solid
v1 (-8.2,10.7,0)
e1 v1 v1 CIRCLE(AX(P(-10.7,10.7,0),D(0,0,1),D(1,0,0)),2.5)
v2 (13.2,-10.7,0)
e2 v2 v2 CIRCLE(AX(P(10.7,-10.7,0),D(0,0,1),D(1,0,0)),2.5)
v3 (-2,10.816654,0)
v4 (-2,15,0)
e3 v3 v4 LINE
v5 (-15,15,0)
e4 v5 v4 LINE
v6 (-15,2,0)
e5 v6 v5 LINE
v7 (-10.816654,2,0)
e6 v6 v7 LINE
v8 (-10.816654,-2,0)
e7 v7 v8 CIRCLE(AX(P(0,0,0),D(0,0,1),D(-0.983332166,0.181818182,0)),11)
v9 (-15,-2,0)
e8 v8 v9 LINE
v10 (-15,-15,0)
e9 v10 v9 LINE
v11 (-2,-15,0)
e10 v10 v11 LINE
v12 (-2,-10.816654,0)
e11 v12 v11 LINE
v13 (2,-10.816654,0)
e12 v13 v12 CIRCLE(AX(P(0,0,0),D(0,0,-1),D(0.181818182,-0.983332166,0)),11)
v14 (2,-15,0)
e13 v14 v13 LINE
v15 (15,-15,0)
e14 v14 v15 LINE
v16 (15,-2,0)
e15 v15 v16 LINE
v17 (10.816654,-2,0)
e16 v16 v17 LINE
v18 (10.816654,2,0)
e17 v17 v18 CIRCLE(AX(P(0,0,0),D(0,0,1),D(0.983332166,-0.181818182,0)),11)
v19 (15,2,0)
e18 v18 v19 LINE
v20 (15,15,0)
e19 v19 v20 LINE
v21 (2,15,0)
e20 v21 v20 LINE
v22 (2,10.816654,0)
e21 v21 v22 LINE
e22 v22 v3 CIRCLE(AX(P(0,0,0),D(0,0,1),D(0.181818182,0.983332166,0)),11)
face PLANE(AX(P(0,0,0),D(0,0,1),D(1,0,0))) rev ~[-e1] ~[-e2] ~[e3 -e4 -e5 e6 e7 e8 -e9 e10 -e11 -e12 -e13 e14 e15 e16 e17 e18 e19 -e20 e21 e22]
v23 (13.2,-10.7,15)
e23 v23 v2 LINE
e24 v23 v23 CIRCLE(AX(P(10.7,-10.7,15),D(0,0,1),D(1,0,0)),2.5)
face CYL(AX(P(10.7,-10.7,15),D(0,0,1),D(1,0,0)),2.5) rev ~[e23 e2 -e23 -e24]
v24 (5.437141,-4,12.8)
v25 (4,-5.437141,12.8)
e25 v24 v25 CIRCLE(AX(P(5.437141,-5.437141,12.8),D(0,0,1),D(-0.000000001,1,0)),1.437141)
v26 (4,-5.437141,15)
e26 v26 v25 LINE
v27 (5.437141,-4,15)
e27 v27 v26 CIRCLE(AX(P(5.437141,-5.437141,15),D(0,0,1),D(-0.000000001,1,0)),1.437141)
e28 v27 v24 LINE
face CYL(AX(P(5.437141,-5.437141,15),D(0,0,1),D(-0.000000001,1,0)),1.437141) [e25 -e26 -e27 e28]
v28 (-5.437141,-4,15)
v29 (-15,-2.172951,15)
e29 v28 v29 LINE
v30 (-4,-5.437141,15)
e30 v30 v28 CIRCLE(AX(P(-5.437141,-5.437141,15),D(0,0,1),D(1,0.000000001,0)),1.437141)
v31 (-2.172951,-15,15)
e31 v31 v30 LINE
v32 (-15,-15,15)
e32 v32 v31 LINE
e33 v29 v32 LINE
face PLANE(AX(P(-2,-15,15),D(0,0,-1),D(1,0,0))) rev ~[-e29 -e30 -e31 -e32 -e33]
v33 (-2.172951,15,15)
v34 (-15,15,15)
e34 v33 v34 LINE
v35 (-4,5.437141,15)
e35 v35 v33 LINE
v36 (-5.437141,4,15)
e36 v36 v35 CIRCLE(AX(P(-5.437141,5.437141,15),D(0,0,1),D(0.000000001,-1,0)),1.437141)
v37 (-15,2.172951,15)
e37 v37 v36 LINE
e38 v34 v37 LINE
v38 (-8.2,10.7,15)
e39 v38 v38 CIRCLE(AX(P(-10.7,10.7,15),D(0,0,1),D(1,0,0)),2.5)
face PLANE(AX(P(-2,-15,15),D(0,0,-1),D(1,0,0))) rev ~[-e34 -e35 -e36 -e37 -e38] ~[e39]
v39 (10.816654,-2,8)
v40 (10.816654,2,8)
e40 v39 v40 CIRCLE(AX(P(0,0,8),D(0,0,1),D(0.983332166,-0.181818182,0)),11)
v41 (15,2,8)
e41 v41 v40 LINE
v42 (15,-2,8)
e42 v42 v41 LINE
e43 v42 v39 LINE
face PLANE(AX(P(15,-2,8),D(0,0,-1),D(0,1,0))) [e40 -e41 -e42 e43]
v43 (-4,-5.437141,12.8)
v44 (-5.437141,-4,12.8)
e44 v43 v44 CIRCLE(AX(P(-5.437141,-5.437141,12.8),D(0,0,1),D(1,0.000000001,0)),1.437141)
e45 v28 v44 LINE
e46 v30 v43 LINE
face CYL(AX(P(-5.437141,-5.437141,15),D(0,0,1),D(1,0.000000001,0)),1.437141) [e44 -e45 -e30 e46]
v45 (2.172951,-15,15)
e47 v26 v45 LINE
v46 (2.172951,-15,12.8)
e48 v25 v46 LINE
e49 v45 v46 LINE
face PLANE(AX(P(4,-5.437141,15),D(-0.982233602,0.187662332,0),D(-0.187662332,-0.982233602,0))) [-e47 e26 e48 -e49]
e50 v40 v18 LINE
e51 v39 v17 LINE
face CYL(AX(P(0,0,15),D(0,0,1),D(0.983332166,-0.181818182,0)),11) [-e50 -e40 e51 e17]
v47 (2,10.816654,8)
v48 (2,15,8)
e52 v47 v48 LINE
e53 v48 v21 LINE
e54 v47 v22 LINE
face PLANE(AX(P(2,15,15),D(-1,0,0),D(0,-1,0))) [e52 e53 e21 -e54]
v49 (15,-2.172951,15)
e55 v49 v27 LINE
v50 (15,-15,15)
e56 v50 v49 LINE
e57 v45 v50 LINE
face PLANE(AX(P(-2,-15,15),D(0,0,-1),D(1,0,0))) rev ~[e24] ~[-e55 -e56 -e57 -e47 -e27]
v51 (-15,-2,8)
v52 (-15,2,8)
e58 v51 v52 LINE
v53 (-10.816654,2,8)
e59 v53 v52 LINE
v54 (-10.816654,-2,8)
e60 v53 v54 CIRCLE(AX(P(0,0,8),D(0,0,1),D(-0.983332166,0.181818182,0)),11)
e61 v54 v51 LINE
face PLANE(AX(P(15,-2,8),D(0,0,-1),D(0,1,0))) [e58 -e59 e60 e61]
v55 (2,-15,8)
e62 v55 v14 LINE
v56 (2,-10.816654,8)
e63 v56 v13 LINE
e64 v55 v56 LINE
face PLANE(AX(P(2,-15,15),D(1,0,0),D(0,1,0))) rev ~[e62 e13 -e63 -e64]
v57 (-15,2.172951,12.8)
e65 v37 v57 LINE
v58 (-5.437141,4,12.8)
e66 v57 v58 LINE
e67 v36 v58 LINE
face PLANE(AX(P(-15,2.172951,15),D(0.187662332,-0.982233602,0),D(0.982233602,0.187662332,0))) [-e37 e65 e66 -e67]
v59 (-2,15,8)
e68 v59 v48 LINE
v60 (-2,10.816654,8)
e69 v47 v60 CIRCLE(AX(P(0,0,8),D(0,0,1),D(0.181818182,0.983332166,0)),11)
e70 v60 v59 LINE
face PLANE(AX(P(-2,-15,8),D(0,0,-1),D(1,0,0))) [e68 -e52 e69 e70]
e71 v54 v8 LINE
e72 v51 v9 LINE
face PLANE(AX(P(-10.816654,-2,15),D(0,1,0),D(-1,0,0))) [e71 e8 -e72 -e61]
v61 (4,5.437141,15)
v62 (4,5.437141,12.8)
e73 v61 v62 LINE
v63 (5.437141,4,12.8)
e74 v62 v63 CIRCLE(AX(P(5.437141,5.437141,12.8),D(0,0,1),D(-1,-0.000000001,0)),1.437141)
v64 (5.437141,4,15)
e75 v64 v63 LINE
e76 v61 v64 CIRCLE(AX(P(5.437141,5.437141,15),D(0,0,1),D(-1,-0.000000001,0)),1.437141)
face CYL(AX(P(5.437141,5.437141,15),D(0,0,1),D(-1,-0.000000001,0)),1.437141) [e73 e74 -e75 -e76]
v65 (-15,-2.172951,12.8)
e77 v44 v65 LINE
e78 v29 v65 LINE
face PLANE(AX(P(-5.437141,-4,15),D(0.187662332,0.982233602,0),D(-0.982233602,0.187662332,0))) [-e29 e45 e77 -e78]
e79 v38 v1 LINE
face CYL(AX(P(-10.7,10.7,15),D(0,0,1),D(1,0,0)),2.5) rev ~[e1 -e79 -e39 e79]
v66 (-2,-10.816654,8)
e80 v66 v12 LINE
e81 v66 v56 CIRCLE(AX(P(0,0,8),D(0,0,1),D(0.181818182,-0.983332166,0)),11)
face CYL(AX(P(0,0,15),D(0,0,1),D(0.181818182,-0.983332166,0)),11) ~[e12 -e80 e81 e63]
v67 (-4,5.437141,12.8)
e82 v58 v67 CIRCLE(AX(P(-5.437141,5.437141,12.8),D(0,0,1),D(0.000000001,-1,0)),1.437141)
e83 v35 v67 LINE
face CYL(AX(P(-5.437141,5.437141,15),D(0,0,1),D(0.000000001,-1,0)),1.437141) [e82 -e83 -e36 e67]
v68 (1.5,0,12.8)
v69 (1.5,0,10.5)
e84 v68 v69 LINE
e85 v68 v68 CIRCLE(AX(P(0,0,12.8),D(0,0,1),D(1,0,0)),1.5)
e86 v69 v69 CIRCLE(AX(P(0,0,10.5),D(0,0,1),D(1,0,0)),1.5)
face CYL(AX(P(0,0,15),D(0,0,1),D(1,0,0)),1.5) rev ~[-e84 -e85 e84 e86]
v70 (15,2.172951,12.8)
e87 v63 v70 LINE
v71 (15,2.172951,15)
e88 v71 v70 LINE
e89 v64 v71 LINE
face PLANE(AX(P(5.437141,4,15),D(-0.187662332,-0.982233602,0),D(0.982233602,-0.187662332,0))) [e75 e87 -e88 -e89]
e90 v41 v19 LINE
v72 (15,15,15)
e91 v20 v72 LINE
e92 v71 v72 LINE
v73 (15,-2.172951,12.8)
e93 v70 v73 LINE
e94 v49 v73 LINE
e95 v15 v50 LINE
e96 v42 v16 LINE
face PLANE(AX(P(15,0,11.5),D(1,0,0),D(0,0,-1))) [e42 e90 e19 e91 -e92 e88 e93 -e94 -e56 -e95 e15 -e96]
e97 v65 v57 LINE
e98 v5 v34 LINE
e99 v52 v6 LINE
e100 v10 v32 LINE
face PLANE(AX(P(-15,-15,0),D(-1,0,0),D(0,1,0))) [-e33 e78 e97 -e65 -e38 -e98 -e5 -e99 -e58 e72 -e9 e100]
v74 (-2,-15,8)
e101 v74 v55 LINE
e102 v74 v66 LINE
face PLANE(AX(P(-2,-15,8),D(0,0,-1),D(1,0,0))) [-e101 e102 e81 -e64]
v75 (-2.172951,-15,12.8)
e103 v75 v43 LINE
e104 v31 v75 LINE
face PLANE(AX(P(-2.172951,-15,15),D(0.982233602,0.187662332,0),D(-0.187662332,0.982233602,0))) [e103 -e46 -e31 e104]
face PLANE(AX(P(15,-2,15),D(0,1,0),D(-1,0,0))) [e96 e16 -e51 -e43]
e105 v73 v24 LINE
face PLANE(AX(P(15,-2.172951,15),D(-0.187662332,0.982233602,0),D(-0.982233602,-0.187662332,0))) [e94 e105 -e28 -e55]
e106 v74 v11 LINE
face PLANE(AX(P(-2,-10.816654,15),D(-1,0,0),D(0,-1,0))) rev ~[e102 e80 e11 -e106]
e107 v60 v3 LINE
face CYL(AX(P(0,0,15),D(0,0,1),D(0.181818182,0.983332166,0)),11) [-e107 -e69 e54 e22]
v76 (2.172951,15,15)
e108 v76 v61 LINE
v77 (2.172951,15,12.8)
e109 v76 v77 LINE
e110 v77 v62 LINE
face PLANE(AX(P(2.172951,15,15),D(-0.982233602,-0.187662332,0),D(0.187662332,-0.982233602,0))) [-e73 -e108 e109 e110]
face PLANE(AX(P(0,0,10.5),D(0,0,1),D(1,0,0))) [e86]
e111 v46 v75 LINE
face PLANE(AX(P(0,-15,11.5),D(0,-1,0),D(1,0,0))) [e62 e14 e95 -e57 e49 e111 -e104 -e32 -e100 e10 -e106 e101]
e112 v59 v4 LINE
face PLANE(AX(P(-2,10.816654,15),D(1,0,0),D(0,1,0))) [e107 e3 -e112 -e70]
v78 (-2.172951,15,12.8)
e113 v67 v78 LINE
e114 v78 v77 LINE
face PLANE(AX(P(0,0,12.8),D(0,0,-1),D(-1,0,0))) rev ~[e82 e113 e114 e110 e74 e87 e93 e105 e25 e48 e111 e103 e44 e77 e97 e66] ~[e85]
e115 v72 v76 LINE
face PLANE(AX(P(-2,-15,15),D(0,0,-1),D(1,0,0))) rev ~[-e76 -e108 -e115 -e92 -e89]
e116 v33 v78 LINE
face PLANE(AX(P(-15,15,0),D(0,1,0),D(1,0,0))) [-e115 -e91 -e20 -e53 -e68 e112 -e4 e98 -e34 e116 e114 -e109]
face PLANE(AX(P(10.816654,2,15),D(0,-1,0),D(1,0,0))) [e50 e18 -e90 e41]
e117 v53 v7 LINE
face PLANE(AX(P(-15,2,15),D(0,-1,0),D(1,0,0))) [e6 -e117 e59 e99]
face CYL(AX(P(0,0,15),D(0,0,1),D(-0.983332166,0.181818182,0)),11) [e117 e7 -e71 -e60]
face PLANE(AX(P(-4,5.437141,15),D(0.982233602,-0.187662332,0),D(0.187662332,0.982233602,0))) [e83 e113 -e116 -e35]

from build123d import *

# Parameters (mm, degrees)
SKETCH1_W           = 30
SKETCH1_H           = 30
BOSS_EXTRUDE1_DEPTH = 15
CUT_EXTRUDE1_DEPTH  = 15
SKETCH3_R           = 2.5
CUT_EXTRUDE2_DEPTH  = 15
SKETCH4_W           = 7
SKETCH4_H           = 4
BOSS_EXTRUDE2_DEPTH = 30
SKETCH5_W           = 4
SKETCH5_H           = 7
BOSS_EXTRUDE3_DEPTH = 30
CUT_EXTRUDE3_DEPTH  = 2.2
SKETCH7_R           = 1.5
CUT_EXTRUDE4_DEPTH  = 4.5


with BuildPart() as part:
    # Sketch1 → Boss-Extrude1 (new body)
    with BuildSketch(Plane.XY):
        Rectangle(SKETCH1_W, SKETCH1_H)
    extrude(amount=BOSS_EXTRUDE1_DEPTH)

    # Sketch2 → Cut-Extrude1 (cut)
    with BuildSketch(Plane.XY.offset(15)):
        with BuildLine():
            Line((-2, 15), (2, 15))
            Line((2, 15), (2, 10.816653826))
            ThreePointArc((2, 10.816653826), (0, 11), (-2, 10.816653826))
            Line((-2, 10.816653826), (-2, 15))
        make_face()
        with BuildLine():
            Line((15, 2), (15, -2))
            Line((15, -2), (10.816653826, -2))
            ThreePointArc((10.816653826, -2), (11, 0), (10.816653826, 2))
            Line((10.816653826, 2), (15, 2))
        make_face()
        with BuildLine():
            Line((-2, -15), (2, -15))
            Line((2, -15), (2, -10.816653826))
            ThreePointArc((2, -10.816653826), (0, -11), (-2, -10.816653826))
            Line((-2, -10.816653826), (-2, -15))
        make_face()
        with BuildLine():
            Line((-15, -2), (-15, 2))
            Line((-15, 2), (-10.816653826, 2))
            ThreePointArc((-10.816653826, 2), (-11, 0), (-10.816653826, -2))
            Line((-10.816653826, -2), (-15, -2))
        make_face()
    extrude(amount=-CUT_EXTRUDE1_DEPTH, mode=Mode.SUBTRACT)

    # Sketch3 → Cut-Extrude2 (cut)
    with BuildSketch(Plane.XY.offset(15)):
        with Locations((-10.7, 10.7)):
            Circle(SKETCH3_R)
        with Locations((10.7, -10.7)):
            Circle(SKETCH3_R)
    extrude(amount=-CUT_EXTRUDE2_DEPTH, mode=Mode.SUBTRACT)

    # Sketch4 → Boss-Extrude2 (add)
    with BuildSketch(Plane(origin=(15, 0, 0), x_dir=(0, 0, -1), z_dir=(1, 0, 0))):
        with Locations((-11.5, 0)):
            Rectangle(SKETCH4_W, SKETCH4_H)
    extrude(amount=-BOSS_EXTRUDE2_DEPTH)

    # Sketch5 → Boss-Extrude3 (add)
    with BuildSketch(Plane.XZ.offset(15)):
        with Locations((0, 11.5)):
            Rectangle(SKETCH5_W, SKETCH5_H)
    extrude(amount=-BOSS_EXTRUDE3_DEPTH)

    # Sketch6 → Cut-Extrude3 (cut)
    with BuildSketch(Plane.XY.offset(15)):
        with BuildLine():
            Line((-4, 5.437140793), (-2.172951473, 15))
            Line((-2.172951473, 15), (2.172951473, 15))
            Line((2.172951473, 15), (4, 5.437140793))
            ThreePointArc((4, 5.437140793), (4.420928793, 4.420928793), (5.437140793, 4))
            Line((5.437140793, 4), (15, 2.172951473))
            Line((15, 2.172951473), (15, -2.172951473))
            Line((15, -2.172951473), (5.437140793, -4))
            ThreePointArc((5.437140793, -4), (4.420928793, -4.420928793), (4, -5.437140793))
            Line((4, -5.437140793), (2.172951473, -15))
            Line((2.172951473, -15), (-2.172951473, -15))
            Line((-2.172951473, -15), (-4, -5.437140793))
            ThreePointArc((-4, -5.437140793), (-4.420928793, -4.420928793), (-5.437140793, -4))
            Line((-5.437140793, -4), (-15, -2.172951473))
            Line((-15, -2.172951473), (-15, 2.172951473))
            Line((-15, 2.172951473), (-5.437140793, 4))
            ThreePointArc((-5.437140793, 4), (-4.420928793, 4.420928793), (-4, 5.437140793))
        make_face()
    extrude(amount=-CUT_EXTRUDE3_DEPTH, mode=Mode.SUBTRACT)

    # Sketch7 → Cut-Extrude4 (cut)
    with BuildSketch(Plane.XY.offset(15)):
        Circle(SKETCH7_R)
    extrude(amount=-CUT_EXTRUDE4_DEPTH, mode=Mode.SUBTRACT)


solid = part.part
